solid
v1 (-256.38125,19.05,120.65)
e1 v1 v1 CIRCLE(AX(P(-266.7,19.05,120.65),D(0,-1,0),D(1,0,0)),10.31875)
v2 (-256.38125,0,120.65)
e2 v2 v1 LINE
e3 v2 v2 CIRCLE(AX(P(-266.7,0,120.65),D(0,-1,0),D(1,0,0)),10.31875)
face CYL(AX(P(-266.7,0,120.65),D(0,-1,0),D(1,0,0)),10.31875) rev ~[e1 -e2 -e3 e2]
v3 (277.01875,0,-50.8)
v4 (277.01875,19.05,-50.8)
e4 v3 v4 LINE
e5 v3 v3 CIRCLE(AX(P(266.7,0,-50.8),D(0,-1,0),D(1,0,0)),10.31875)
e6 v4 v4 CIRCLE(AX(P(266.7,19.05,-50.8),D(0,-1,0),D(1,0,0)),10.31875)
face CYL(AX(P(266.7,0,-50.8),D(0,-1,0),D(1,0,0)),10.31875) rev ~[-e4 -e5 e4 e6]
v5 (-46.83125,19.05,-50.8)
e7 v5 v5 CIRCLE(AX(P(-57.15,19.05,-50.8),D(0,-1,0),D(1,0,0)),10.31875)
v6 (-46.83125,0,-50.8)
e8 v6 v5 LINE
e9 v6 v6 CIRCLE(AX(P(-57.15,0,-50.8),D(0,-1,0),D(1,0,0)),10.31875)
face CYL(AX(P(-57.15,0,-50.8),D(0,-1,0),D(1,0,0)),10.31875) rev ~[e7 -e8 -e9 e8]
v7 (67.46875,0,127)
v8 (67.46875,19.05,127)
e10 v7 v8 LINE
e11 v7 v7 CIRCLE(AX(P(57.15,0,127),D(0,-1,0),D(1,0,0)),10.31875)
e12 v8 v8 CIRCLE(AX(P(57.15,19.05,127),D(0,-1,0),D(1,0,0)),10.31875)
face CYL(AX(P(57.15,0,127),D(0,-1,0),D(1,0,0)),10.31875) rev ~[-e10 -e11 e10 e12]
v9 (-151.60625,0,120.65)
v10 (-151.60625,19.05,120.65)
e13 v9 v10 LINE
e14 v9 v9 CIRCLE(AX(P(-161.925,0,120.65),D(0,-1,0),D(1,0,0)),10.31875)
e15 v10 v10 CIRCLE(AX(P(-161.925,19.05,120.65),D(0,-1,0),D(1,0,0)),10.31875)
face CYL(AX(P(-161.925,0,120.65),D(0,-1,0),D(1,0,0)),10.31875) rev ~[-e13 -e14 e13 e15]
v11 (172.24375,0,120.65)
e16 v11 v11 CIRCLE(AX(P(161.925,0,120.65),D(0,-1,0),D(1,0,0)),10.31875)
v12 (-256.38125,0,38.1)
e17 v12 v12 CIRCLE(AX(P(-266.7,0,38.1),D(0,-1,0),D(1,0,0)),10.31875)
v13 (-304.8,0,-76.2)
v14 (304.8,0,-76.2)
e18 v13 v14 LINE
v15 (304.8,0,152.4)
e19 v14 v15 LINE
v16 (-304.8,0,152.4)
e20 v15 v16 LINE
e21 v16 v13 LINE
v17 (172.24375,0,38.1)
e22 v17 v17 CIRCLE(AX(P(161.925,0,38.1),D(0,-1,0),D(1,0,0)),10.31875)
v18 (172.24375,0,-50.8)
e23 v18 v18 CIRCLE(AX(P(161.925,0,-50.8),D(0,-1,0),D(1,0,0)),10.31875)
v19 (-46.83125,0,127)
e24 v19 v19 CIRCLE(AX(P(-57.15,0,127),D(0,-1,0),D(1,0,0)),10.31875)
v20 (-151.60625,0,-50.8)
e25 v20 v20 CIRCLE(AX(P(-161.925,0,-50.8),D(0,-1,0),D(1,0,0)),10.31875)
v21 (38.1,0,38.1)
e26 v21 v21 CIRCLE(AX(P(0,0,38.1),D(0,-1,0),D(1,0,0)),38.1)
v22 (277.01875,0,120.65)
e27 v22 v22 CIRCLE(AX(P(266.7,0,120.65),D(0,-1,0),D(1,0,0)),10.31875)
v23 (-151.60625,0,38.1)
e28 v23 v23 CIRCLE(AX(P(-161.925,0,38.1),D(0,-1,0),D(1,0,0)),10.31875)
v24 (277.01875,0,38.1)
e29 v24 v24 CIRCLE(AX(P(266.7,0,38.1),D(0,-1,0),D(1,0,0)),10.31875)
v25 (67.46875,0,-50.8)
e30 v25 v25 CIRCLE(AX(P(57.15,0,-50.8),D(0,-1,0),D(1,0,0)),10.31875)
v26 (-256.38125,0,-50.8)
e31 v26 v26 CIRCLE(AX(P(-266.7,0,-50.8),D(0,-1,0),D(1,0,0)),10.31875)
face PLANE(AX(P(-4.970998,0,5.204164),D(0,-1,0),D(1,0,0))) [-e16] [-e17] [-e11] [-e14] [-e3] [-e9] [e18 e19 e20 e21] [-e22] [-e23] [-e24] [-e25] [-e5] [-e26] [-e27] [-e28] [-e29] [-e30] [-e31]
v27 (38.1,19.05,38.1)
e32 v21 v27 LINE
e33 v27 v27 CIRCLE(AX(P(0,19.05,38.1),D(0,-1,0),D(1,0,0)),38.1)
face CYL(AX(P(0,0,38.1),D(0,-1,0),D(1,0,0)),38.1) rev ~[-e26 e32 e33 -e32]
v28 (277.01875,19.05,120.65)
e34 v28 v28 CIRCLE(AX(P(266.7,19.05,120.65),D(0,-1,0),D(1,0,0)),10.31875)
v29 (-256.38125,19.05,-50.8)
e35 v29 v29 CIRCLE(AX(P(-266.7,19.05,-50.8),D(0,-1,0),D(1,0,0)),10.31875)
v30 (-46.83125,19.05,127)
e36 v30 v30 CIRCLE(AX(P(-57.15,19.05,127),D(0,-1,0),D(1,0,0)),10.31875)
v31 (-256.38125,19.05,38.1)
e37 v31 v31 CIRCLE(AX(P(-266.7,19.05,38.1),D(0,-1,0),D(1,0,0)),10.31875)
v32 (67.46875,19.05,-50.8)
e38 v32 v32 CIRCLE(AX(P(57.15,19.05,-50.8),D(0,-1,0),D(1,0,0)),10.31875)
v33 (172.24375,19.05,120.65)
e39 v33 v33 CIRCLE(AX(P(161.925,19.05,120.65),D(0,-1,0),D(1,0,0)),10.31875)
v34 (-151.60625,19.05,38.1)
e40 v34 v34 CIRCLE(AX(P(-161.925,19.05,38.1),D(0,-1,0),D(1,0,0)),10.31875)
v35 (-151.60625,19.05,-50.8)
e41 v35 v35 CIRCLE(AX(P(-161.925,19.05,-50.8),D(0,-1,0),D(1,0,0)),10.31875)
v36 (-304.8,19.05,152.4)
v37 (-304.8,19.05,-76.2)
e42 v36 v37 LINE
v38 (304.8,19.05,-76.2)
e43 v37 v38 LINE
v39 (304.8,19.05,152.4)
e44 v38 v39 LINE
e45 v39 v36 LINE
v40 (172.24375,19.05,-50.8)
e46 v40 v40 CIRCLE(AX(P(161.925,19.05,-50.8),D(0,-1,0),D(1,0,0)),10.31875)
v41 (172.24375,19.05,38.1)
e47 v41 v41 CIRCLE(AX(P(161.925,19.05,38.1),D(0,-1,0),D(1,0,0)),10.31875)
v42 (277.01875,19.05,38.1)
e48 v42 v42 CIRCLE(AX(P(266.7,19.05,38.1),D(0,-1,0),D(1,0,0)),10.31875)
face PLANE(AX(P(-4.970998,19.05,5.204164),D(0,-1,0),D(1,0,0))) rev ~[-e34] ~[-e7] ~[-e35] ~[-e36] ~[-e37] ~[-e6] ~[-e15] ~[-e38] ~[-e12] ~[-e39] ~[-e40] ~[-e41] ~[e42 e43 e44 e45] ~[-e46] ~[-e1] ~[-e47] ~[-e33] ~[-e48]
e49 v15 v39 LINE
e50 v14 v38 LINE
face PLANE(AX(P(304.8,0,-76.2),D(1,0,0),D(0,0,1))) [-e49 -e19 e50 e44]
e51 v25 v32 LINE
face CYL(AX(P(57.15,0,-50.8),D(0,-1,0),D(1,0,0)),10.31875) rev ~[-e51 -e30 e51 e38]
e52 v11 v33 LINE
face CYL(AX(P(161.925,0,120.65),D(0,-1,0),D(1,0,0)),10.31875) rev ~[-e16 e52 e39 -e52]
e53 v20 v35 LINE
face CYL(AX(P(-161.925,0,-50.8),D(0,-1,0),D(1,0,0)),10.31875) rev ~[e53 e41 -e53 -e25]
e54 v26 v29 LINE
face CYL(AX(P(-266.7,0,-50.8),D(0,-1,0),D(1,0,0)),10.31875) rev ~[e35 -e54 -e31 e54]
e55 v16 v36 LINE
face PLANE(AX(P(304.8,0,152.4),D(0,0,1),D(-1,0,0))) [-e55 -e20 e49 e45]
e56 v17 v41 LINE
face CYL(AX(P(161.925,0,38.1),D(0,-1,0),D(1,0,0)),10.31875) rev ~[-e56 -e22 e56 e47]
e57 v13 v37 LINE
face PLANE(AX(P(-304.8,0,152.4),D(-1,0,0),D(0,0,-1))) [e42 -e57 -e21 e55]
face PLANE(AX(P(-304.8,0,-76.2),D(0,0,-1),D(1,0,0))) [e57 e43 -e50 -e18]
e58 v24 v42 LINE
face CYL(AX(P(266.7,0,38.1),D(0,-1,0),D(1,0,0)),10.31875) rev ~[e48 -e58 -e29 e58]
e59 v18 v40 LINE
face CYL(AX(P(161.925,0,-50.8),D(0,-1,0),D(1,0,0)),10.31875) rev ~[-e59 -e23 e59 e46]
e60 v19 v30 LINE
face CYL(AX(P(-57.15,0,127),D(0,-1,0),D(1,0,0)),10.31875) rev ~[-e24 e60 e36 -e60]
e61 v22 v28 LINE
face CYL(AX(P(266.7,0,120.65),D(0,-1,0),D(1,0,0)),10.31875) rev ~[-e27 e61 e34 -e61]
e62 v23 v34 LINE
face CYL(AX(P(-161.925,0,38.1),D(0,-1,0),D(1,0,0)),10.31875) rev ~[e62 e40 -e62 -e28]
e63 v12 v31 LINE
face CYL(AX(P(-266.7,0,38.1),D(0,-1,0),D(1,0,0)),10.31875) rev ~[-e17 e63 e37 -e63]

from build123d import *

# Parameters (mm, degrees)
F0_R     = 10.31875
F0_R_2   = 38.1
F1_DEPTH = 19.05


with BuildPart() as f1:
    # F0 (on Front) → F1 (new body)
    with BuildSketch(Plane.XZ):
        with BuildLine():
            ThreePointArc((31.590851, 85.725), (0, -19.05), (-31.590851, 85.725))
            Line((-31.590851, 85.725), (-304.8, 85.725))
            Line((-304.8, 85.725), (-304.8, -76.2))
            Line((-304.8, -76.2), (295.275, -76.2))
            Line((295.275, -76.2), (295.275, 76.2))
            ThreePointArc((295.275, 76.2), (292.485192, 82.935192), (285.75, 85.725))
            Line((285.75, 85.725), (31.590851, 85.725))
        make_face()
        with Locations((-266.7, -50.8)):
            Circle(F0_R, mode=Mode.SUBTRACT)
        with Locations((-161.925, -50.8)):
            Circle(F0_R, mode=Mode.SUBTRACT)
        with Locations((-57.15, -50.8)):
            Circle(F0_R, mode=Mode.SUBTRACT)
        with Locations((57.15, -50.8)):
            Circle(F0_R, mode=Mode.SUBTRACT)
        with Locations((161.925, -50.8)):
            Circle(F0_R, mode=Mode.SUBTRACT)
        with Locations((-266.7, 38.1)):
            Circle(F0_R, mode=Mode.SUBTRACT)
        with Locations((-161.925, 38.1)):
            Circle(F0_R, mode=Mode.SUBTRACT)
        with Locations((161.925, 38.1)):
            Circle(F0_R, mode=Mode.SUBTRACT)
        with Locations((266.7, -50.8)):
            Circle(F0_R, mode=Mode.SUBTRACT)
        with Locations((266.7, 38.1)):
            Circle(F0_R, mode=Mode.SUBTRACT)
        with BuildLine():
            Line((0, 85.725), (-31.590851, 85.725))
            ThreePointArc((-31.590851, 85.725), (0, -19.05), (31.590851, 85.725))
            Line((31.590851, 85.725), (0, 85.725))
        make_face()
        with Locations((0, 38.1)):
            Circle(F0_R_2, mode=Mode.SUBTRACT)
        Polygon((-304.8, 152.4), (-304.8, 95.25), (0, 95.25), (304.8, 95.25), (304.8, 152.4), align=None)
        with Locations((-266.7, 120.65)):
            Circle(F0_R, mode=Mode.SUBTRACT)
        with Locations((-161.925, 120.65)):
            Circle(F0_R, mode=Mode.SUBTRACT)
        with Locations((-57.15, 127)):
            Circle(F0_R, mode=Mode.SUBTRACT)
        with Locations((57.15, 127)):
            Circle(F0_R, mode=Mode.SUBTRACT)
        with Locations((161.925, 120.65)):
            Circle(F0_R, mode=Mode.SUBTRACT)
        with Locations((266.7, 120.65)):
            Circle(F0_R, mode=Mode.SUBTRACT)
        Polygon((-304.8, 85.725), (-31.590851, 85.725), (0, 85.725), (31.590851, 85.725), (285.75, 85.725), (304.8, 85.725), (304.8, 95.25), (0, 95.25), (-304.8, 95.25), align=None)
        with BuildLine():
            Line((304.8, 85.725), (285.75, 85.725))
            ThreePointArc((285.75, 85.725), (292.485192, 82.935192), (295.275, 76.2))
            Line((295.275, 76.2), (295.275, -76.2))
            Line((295.275, -76.2), (304.8, -76.2))
            Line((304.8, -76.2), (304.8, 47.625))
            Line((304.8, 47.625), (304.8, 85.725))
        make_face()
    extrude(amount=-F1_DEPTH)


solid = f1.part
